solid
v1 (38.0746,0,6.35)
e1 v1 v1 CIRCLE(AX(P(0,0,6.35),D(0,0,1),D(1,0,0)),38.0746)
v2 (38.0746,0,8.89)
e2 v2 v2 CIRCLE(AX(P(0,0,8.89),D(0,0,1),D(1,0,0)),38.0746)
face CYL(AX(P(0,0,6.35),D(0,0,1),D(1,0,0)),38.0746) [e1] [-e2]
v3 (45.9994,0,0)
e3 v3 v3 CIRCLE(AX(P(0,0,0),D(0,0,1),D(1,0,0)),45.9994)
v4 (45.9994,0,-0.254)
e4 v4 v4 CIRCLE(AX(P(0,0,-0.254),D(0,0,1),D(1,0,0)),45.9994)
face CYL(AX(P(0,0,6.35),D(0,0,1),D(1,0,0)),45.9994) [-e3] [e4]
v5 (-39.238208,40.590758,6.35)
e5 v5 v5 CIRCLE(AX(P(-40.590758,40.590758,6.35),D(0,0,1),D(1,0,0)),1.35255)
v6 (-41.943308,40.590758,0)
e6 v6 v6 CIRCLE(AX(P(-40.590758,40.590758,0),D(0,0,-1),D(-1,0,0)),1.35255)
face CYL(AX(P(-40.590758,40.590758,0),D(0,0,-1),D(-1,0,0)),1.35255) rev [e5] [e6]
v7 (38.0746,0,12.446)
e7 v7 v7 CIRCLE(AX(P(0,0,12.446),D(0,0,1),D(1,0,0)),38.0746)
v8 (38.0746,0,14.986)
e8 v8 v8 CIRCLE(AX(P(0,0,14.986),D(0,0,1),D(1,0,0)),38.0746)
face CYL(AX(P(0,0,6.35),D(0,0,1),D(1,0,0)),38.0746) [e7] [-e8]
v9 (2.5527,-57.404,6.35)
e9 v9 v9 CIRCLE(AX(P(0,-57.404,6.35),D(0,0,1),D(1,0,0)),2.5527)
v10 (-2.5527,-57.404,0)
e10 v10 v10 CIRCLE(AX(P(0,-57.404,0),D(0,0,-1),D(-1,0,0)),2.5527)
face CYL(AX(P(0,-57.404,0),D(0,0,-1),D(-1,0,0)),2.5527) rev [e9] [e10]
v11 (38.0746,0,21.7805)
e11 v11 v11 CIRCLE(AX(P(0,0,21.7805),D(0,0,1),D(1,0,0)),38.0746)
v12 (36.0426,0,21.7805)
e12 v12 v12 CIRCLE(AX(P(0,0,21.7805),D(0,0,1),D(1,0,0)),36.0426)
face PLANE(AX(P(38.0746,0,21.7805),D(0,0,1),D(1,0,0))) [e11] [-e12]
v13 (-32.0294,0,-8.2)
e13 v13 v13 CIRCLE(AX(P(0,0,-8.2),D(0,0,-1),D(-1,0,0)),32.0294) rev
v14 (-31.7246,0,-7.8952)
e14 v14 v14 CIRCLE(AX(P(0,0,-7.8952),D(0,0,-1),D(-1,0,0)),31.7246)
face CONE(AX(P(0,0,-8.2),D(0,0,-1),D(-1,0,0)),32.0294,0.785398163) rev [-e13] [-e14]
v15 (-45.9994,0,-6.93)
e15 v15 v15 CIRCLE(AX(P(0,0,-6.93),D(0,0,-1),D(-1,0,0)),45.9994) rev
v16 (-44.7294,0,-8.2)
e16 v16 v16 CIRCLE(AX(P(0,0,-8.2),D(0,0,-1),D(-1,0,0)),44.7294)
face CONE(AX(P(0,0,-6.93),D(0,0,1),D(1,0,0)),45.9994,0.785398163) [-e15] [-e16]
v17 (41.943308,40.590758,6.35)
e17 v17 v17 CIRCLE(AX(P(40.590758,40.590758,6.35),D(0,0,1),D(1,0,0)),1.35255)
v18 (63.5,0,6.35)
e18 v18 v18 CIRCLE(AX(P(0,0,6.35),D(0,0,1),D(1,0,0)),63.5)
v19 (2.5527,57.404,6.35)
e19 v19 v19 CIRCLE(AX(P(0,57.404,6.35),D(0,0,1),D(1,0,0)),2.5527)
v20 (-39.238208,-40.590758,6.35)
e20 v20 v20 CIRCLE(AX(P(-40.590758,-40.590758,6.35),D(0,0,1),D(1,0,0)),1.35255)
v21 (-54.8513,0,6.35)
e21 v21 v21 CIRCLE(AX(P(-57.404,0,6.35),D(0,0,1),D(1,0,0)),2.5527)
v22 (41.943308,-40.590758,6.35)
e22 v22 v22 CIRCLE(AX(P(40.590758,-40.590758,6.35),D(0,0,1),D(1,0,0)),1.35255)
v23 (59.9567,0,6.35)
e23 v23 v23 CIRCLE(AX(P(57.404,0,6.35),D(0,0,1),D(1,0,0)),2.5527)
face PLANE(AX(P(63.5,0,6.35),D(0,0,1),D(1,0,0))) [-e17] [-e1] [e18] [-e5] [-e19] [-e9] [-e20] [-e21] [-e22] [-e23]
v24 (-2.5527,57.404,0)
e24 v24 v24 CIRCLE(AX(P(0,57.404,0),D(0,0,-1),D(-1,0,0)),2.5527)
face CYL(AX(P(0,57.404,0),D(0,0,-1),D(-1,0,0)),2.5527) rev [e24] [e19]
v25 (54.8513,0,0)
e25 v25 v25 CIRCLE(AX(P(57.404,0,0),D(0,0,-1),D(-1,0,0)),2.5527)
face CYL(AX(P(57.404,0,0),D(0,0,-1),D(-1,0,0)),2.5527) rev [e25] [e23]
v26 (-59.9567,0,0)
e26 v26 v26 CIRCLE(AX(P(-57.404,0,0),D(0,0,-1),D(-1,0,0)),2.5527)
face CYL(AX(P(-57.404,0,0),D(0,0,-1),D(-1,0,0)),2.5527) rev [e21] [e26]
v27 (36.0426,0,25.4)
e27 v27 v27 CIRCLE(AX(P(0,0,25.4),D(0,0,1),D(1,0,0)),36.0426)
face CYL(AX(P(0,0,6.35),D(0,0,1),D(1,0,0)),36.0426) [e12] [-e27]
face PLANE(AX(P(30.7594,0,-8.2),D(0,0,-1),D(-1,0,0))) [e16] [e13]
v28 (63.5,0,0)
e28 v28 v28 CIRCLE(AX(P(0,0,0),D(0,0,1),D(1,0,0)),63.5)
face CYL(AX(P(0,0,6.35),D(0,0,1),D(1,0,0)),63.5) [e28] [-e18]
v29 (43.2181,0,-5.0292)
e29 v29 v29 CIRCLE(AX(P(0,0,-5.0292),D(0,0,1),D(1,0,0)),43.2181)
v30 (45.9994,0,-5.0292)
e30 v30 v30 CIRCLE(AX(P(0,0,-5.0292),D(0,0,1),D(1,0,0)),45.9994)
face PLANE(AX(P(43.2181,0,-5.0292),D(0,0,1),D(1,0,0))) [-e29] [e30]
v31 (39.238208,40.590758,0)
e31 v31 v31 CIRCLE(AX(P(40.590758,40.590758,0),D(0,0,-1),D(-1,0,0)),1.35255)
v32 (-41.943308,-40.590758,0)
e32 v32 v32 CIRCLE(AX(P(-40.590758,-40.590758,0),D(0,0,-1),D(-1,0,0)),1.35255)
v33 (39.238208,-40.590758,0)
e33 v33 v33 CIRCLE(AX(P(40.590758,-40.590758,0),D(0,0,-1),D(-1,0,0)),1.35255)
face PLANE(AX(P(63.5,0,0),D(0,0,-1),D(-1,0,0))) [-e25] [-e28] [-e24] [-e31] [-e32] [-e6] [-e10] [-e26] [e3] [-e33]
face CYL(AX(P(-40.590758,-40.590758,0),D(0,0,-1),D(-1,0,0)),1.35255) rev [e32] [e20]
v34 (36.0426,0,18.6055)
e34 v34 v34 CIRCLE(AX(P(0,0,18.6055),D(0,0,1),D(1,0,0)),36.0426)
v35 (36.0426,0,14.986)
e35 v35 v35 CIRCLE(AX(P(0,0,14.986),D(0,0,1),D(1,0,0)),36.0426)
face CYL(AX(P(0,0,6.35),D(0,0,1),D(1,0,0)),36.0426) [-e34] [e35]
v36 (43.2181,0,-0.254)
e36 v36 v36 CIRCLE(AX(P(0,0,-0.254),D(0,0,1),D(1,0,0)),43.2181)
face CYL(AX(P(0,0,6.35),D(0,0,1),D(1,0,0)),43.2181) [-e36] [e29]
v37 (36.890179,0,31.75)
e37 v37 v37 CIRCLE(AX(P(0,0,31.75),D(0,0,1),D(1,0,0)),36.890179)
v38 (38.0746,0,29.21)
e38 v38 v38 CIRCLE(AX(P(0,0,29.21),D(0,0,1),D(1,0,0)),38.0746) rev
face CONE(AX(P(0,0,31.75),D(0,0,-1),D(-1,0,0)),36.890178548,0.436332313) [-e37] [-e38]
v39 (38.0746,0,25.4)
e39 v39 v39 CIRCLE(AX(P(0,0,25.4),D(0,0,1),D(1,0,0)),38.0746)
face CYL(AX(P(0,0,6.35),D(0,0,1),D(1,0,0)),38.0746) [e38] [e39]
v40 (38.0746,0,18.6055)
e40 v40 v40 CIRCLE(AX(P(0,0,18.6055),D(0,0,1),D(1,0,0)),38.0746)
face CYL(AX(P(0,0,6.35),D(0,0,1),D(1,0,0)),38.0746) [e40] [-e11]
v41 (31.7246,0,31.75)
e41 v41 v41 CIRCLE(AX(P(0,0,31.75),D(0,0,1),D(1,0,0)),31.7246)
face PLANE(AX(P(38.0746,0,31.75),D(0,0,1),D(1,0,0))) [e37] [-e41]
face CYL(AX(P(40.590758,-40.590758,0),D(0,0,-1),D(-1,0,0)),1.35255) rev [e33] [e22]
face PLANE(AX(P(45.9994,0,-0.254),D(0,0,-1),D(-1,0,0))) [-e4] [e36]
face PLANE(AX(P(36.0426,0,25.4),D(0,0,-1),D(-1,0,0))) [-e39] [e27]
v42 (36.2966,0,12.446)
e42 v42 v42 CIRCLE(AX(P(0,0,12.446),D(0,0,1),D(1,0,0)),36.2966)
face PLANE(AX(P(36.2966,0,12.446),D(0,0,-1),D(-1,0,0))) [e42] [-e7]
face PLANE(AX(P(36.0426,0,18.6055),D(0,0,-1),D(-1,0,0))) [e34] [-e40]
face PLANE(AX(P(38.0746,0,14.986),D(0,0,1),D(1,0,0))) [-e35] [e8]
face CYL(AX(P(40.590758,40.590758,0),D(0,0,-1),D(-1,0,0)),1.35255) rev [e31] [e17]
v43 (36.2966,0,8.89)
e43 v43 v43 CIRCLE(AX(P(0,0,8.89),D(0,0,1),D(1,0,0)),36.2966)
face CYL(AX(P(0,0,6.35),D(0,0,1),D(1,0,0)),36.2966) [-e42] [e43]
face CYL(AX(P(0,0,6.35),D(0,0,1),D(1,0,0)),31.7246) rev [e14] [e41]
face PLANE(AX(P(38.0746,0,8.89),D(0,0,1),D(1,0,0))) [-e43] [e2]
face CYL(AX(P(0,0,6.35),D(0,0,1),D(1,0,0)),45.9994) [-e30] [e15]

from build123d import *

# Parameters (mm, degrees)
CHAMFER2_SIZE          = 1.27
SKETCH7_R              = 31.7246
CUT_EXTRUDE1_DEPTH     = 15.55
F_6_32_TAPPED_HOLE1_D  = 2.7051
CIRPATTERN2_COUNT      = 4
F_10_CLEARANCE_HOLE1_D = 5.1054
CIRPATTERN3_COUNT      = 4
CHAMFER1_SIZE          = 2.54
CHAMFER1_SIZE2         = 1.184421452


with BuildPart() as part:
    # Sketch1 → Revolve1 (revolve)
    with BuildSketch(Plane(origin=(0, 0, 0), x_dir=(1, 0, 0), z_dir=(0, 1, 0))):
        Polygon((63.5, 0), (45.9994, 0), (45.9994, 0.254), (43.2181, 0.254), (43.2181, 5.0292), (45.9994, 5.0292), (45.9994, 8.2), (30.7594, 8.2), (30.7594, 0), (0, 0), (0, -6.35), (31.7246, -6.35), (31.7246, -31.75), (38.0746, -31.75), (38.0746, -25.4), (36.0426, -25.4), (36.0426, -21.7805), (38.0746, -21.7805), (38.0746, -18.6055), (36.0426, -18.6055), (36.0426, -14.986), (38.0746, -14.986), (38.0746, -12.446), (36.2966, -12.446), (36.2966, -8.89), (38.0746, -8.89), (38.0746, -6.35), (63.5, -6.35), align=None)
    revolve(axis=Axis((0, 0, 6.35), (0, 0, -1)))

    # Chamfer2
    chamfer2_edges = [part.edges().sort_by_distance(p)[0] for p in [
        (-45.9994, 0, -8.2),
        (-30.7594, 0, -8.2),
    ]]
    chamfer(chamfer2_edges, length=CHAMFER2_SIZE)

    # Sketch7 → Cut-Extrude1 (cut, through all)
    with BuildSketch(Plane.XY.offset(6.35)):
        Circle(SKETCH7_R)
    extrude(amount=-CUT_EXTRUDE1_DEPTH, mode=Mode.SUBTRACT)

    # #6-32 Tapped Hole1 (through all)
    with Locations(Plane(origin=(0, 0, 0), x_dir=(-1, 0, 0), z_dir=(0, 0, -1))):
        with Locations((40.590757667, 40.590757667)):
            f_6_32_tapped_hole1 = Hole(F_6_32_TAPPED_HOLE1_D / 2)

    # CirPattern2: #6-32 Tapped Hole1 ×4 about axis
    cirpattern2_axis = Axis((0, 0, 0), (0, 0, 1))
    for i in range(1, CIRPATTERN2_COUNT):
        add(f_6_32_tapped_hole1.rotate(cirpattern2_axis, i * 360 / CIRPATTERN2_COUNT), mode=Mode.SUBTRACT)

    # #10 Clearance Hole1 (through all)
    with Locations(Plane(origin=(0, 0, 0), x_dir=(-1, 0, 0), z_dir=(0, 0, -1))):
        with Locations((0, 57.404)):
            f_10_clearance_hole1 = Hole(F_10_CLEARANCE_HOLE1_D / 2)

    # CirPattern3: #10 Clearance Hole1 ×4 about axis
    cirpattern3_axis = Axis((0, 0, 0), (0, 0, 1))
    for i in range(1, CIRPATTERN3_COUNT):
        add(f_10_clearance_hole1.rotate(cirpattern3_axis, i * 360 / CIRPATTERN3_COUNT), mode=Mode.SUBTRACT)

    # Chamfer1
    chamfer1_edges = [part.edges().sort_by_distance(p)[0] for p in [
        (-38.0746, 0, 31.75),
    ]]
    chamfer1_side = [part.faces().sort_by_distance(p)[0] for p in [
        (-38.0746, 0, 28.575),
    ]]
    chamfer(chamfer1_edges, length=CHAMFER1_SIZE, length2=CHAMFER1_SIZE2, reference=chamfer1_side[0])


solid = part.part
